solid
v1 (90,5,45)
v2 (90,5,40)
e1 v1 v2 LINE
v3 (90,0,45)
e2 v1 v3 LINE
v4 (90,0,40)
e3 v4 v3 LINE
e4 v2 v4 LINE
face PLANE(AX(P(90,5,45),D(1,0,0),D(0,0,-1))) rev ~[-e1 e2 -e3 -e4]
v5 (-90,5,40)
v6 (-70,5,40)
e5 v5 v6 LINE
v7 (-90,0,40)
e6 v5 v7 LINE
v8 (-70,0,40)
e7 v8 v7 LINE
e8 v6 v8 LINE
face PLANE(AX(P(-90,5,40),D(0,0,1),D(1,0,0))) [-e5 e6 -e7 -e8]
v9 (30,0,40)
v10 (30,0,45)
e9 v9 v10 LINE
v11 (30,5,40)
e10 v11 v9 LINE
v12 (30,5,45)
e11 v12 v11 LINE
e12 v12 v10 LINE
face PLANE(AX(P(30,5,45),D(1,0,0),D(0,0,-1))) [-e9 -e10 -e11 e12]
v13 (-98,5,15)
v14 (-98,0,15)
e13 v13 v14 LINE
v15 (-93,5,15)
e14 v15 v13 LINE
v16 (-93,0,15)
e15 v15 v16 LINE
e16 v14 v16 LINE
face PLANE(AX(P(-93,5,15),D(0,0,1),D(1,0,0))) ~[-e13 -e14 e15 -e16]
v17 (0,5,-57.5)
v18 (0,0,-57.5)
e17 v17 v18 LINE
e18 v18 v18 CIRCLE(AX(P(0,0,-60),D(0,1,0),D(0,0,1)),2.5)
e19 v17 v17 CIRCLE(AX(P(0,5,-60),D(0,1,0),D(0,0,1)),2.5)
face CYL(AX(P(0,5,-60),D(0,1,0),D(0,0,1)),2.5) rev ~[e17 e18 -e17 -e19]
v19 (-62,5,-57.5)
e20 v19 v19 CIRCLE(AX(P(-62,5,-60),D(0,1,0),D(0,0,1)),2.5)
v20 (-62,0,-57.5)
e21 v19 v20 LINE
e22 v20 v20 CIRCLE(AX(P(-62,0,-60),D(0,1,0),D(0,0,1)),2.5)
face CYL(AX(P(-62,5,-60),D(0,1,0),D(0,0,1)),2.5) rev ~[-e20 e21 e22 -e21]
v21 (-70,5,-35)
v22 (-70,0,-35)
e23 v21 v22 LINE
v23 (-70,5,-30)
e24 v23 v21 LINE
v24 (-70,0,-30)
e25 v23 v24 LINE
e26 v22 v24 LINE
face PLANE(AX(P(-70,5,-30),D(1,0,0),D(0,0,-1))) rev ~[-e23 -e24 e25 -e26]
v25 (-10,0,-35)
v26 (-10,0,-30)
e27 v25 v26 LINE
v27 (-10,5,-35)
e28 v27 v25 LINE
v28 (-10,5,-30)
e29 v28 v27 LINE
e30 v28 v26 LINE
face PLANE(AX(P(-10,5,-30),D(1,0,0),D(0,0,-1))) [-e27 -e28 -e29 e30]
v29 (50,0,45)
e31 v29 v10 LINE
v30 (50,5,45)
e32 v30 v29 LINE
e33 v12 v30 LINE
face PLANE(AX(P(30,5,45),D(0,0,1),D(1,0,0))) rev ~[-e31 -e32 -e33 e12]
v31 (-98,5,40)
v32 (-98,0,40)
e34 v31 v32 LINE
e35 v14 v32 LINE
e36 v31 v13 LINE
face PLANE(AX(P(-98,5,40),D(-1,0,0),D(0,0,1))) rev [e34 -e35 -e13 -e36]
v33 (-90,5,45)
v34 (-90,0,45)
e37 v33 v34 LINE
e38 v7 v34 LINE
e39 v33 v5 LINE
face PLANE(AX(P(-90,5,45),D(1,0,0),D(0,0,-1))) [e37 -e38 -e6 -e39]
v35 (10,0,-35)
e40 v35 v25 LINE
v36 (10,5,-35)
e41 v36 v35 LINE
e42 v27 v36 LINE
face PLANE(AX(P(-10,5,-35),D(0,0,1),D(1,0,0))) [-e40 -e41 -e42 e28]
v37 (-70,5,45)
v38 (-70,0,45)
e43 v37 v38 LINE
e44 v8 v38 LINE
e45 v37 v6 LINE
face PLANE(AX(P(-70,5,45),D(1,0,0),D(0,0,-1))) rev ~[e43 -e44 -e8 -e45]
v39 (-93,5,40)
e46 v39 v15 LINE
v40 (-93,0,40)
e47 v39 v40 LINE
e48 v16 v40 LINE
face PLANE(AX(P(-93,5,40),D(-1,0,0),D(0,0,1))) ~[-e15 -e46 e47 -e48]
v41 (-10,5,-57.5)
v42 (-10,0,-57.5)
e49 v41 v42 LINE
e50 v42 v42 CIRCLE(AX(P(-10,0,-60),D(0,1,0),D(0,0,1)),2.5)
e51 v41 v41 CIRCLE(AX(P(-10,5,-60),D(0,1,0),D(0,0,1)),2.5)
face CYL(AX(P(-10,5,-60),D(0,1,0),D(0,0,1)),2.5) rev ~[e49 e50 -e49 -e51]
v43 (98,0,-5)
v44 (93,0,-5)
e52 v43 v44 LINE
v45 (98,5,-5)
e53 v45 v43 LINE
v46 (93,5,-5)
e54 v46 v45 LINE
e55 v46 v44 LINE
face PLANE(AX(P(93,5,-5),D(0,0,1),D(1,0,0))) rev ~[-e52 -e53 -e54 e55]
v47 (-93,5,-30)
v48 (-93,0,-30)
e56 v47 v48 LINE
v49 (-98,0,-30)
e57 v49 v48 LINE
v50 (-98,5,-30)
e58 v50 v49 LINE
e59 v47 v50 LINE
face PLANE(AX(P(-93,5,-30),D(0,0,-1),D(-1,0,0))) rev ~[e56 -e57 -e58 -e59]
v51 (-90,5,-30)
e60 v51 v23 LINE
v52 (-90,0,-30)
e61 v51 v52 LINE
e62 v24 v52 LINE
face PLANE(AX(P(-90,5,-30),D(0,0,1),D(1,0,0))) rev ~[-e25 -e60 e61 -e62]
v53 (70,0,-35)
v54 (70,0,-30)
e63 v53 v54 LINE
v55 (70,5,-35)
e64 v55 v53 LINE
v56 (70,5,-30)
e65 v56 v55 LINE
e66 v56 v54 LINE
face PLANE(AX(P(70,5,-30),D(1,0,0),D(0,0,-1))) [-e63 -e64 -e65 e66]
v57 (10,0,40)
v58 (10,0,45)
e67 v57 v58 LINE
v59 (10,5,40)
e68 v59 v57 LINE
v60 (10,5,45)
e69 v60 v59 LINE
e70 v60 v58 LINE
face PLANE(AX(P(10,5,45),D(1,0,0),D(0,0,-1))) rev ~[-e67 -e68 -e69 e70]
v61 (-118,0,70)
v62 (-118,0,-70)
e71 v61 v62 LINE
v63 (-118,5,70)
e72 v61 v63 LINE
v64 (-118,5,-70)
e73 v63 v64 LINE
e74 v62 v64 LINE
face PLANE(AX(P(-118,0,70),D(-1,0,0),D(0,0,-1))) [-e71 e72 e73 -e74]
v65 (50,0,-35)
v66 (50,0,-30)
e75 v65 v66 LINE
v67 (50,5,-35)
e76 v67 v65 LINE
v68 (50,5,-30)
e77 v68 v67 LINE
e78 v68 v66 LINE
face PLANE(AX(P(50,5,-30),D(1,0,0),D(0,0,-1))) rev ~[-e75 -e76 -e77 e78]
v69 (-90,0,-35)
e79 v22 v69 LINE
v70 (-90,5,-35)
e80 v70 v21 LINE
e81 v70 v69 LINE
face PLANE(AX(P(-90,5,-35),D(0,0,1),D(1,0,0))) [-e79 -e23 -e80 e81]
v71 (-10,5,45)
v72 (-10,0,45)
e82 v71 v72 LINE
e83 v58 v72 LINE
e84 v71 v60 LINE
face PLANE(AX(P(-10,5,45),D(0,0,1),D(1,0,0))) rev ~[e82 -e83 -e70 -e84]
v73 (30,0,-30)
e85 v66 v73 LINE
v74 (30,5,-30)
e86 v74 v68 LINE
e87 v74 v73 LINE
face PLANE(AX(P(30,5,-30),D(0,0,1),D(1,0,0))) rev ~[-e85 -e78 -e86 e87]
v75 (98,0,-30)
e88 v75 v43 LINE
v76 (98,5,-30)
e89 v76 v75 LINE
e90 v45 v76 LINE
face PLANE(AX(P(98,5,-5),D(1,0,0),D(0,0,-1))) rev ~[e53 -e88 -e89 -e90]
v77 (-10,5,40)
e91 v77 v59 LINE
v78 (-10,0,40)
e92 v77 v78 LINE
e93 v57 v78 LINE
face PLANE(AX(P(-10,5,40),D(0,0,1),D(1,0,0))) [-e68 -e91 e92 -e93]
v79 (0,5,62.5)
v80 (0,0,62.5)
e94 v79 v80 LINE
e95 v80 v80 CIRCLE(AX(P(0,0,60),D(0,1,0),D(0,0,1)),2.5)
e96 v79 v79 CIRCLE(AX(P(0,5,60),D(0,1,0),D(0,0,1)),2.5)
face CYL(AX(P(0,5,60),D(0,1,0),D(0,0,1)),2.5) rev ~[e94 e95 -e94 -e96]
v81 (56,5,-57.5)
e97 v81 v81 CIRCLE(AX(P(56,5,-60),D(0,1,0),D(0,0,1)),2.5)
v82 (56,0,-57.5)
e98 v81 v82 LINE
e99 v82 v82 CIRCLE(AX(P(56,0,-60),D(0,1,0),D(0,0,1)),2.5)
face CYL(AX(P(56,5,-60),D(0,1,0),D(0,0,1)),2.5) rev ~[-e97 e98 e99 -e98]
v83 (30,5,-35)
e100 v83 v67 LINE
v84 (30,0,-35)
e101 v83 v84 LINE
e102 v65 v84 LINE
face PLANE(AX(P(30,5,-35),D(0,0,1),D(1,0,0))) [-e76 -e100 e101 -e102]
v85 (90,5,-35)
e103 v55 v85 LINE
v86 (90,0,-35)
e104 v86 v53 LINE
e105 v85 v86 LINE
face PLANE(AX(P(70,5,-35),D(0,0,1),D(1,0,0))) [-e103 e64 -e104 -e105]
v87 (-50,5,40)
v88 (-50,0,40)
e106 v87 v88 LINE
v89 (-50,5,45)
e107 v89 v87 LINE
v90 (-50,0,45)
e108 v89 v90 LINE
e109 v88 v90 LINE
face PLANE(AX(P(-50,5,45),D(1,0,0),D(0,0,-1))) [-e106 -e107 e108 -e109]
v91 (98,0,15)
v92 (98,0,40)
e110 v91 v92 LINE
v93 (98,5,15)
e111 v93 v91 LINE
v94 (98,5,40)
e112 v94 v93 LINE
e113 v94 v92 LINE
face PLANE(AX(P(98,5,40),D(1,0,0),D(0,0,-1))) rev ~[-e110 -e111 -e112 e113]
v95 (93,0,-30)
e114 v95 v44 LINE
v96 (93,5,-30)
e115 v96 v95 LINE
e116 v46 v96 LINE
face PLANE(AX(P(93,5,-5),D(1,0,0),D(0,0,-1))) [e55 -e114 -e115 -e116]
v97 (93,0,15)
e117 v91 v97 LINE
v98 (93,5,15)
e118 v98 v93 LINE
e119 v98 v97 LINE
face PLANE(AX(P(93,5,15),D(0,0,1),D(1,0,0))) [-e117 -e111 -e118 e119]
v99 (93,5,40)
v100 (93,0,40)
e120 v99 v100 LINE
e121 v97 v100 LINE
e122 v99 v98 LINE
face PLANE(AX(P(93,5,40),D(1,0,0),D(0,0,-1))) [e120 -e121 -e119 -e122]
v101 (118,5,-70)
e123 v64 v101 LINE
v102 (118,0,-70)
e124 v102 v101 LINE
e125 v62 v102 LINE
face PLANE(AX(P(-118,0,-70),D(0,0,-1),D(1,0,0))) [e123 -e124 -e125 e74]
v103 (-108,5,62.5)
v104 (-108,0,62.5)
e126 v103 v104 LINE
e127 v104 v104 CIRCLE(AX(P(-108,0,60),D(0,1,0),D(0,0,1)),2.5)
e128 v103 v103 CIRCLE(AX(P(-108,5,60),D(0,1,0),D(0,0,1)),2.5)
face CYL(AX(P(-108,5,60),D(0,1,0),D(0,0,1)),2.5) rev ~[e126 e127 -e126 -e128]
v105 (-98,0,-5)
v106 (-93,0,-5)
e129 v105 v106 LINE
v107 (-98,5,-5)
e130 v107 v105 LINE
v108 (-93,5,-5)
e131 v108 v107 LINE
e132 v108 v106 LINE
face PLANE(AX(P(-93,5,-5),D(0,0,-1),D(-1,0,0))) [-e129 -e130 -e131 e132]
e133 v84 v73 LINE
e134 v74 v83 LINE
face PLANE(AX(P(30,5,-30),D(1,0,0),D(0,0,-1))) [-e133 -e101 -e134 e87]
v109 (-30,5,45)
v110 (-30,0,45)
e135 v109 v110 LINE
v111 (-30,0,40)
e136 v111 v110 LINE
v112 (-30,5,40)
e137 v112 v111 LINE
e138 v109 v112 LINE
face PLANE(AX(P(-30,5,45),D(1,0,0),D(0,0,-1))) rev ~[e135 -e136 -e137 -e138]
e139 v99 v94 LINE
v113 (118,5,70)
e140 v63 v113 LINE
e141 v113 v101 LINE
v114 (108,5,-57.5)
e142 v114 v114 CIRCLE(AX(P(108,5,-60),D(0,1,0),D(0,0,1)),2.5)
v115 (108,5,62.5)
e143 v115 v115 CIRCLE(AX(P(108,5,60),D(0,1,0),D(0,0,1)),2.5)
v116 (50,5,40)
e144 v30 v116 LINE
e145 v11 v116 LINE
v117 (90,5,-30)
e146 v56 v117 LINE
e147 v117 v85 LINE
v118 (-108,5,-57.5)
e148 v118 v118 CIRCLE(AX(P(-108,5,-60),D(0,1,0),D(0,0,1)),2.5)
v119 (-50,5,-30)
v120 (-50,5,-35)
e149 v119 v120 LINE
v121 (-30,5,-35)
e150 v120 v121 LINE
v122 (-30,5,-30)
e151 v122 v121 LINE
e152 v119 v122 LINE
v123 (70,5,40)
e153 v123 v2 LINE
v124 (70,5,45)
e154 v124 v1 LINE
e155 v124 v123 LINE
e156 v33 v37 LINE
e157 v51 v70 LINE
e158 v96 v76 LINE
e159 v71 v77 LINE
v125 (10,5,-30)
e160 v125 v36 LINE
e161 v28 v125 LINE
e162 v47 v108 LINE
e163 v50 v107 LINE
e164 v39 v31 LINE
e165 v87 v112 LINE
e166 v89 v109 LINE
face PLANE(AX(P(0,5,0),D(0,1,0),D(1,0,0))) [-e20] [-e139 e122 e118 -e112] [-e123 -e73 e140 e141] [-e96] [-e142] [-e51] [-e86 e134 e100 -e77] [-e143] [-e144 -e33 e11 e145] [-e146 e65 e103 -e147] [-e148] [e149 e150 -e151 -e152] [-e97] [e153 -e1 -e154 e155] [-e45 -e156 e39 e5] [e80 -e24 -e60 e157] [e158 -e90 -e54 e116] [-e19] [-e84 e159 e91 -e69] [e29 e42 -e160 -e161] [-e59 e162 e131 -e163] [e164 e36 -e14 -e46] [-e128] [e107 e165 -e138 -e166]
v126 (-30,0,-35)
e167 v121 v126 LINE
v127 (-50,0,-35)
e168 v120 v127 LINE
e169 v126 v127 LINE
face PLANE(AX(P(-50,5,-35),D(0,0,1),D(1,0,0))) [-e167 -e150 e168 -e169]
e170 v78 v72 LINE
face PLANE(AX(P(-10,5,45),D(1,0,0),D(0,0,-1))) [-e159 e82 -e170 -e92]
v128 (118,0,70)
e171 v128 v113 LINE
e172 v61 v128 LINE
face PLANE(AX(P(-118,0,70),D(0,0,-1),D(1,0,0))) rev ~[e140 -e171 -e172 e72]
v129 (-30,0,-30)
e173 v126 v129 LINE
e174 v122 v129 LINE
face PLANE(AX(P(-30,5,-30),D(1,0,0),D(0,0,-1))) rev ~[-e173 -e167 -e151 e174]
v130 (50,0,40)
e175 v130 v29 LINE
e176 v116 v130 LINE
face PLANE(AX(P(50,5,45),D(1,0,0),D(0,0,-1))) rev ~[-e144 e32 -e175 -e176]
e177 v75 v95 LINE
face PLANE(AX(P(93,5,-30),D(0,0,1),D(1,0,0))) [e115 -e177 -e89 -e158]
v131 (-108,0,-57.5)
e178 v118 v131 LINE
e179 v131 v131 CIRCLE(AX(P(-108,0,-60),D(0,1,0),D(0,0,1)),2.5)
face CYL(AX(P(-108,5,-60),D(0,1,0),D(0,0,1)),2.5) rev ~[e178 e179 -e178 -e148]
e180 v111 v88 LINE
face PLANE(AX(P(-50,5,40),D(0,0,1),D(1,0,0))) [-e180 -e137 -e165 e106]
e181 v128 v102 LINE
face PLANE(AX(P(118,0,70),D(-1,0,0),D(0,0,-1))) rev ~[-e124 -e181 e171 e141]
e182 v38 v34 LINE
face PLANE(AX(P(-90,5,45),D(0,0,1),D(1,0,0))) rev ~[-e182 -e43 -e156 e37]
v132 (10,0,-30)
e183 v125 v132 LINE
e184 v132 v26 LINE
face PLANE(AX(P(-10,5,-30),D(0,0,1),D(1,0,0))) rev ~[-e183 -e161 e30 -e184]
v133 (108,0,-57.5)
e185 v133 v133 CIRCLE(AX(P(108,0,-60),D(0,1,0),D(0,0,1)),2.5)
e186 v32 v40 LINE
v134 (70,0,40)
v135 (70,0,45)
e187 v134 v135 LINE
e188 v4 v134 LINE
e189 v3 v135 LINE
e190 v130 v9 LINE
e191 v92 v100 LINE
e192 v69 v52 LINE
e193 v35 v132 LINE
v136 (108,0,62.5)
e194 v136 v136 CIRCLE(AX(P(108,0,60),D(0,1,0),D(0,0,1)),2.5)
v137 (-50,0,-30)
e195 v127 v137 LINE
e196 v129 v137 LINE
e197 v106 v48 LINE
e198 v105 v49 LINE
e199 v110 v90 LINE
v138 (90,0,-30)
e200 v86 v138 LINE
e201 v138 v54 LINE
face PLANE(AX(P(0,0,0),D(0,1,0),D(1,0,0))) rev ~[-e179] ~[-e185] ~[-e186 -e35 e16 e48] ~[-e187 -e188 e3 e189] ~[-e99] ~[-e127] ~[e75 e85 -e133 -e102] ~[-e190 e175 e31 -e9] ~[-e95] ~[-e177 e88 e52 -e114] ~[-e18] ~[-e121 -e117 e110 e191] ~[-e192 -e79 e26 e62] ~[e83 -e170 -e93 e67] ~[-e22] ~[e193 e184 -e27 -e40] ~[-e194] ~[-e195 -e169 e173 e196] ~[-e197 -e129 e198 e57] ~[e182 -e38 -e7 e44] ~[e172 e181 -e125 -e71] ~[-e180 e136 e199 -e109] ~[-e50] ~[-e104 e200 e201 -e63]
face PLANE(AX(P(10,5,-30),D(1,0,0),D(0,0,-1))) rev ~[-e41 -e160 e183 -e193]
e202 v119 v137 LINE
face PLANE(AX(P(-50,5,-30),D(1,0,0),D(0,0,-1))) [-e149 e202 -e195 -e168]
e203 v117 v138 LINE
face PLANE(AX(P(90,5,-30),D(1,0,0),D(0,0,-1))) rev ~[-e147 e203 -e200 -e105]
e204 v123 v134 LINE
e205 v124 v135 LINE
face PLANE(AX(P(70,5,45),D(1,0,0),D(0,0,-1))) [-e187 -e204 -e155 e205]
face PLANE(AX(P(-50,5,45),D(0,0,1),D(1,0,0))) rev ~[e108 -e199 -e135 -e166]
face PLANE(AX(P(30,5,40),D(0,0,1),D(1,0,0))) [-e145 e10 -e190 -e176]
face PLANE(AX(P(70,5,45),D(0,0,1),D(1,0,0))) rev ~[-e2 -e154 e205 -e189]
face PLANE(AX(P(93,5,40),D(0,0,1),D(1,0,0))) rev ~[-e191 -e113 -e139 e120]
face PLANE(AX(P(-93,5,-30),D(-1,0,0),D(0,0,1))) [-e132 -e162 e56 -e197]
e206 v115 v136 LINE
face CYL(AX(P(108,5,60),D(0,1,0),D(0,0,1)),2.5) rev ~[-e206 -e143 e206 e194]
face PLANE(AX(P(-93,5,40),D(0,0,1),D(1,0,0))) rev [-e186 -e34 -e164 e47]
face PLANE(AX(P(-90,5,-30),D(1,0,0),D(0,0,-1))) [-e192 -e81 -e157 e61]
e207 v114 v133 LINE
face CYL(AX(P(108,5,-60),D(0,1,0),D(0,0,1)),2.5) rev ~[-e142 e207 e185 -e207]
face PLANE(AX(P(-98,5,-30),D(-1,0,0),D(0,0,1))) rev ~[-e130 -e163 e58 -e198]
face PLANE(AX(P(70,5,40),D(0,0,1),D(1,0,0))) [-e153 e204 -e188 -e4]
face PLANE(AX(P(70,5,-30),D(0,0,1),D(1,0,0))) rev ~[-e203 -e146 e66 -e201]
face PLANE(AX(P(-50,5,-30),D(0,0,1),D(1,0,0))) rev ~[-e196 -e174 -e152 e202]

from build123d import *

# Parameters (mm, degrees)
SKETCH_1_W                       = 236
SKETCH_1_H                       = 140
EXTRUDE_1_DEPTH                  = 5
CUT_EXTRUDE_1_REACH              = 139.292
SKETCH_2_W                       = 20
SKETCH_2_H                       = 5
PATTERN_LINEAR_1_COUNT           = 3
PATTERN_LINEAR_1_PITCH           = 40
PATTERN_LINEAR_2_COUNT           = 3
PATTERN_LINEAR_2_PITCH           = 40
CUT_EXTRUDE_2_REACH              = 139.292
SKETCH_3_W                       = 5
SKETCH_3_H                       = 25
PATTERN_LINEAR_6_COUNT           = 2
PATTERN_LINEAR_6_PITCH           = 75
PATTERN_LINEAR_6_COPY_1_REACH    = 139.292
PATTERN_LINEAR_6_COPY_1_SKETCH_W = 20
PATTERN_LINEAR_6_COPY_1_SKETCH_H = 5
PATTERN_LINEAR_6_COPY_2_REACH    = 139.292
PATTERN_LINEAR_6_COPY_2_SKETCH_W = 20
PATTERN_LINEAR_6_COPY_2_SKETCH_H = 5
PATTERN_LINEAR_6_COPY_3_REACH    = 139.292
PATTERN_LINEAR_6_COPY_3_SKETCH_W = 20
PATTERN_LINEAR_6_COPY_3_SKETCH_H = 5
PATTERN_LINEAR_6_COPY_4_REACH    = 139.292
PATTERN_LINEAR_6_COPY_4_SKETCH_W = 20
PATTERN_LINEAR_6_COPY_4_SKETCH_H = 5
PATTERN_LINEAR_7_COUNT           = 2
PATTERN_LINEAR_7_PITCH           = 45
PATTERN_LINEAR_7_COPY_1_REACH    = 139.292
PATTERN_LINEAR_7_COPY_1_SKETCH_W = 5
PATTERN_LINEAR_7_COPY_1_SKETCH_H = 25
SKETCH_4_R                       = 2.5
CUT_EXTRUDE_3_DEPTH              = 10


with BuildPart() as part:
    # 스케치1 → 보스-돌출1 (new body)
    with BuildSketch(Plane(origin=(0, 0, 0), x_dir=(1, 0, 0), z_dir=(0, 1, 0))):
        Rectangle(SKETCH_1_W, SKETCH_1_H)
    extrude(amount=EXTRUDE_1_DEPTH)

    # 스케치2 → 컷-돌출1 (cut, up to next)
    with BuildSketch(Plane(origin=(0, 5, 0), x_dir=(1, 0, 0), z_dir=(0, 1, 0)), mode=Mode.PRIVATE) as cut_extrude_1_sk1:
        with Locations((0, -42.5)):
            Rectangle(SKETCH_2_W, SKETCH_2_H)
    cut_extrude_1_tool1 = extrude(cut_extrude_1_sk1.sketch, amount=-CUT_EXTRUDE_1_REACH, mode=Mode.PRIVATE) & part.part
    cut_extrude_1 = cut_extrude_1_tool1.solids().sort_by_distance((0, 5, 42.5))[0]
    add(cut_extrude_1, mode=Mode.SUBTRACT)

    # 선형 패턴1: 컷-돌출1 ×3
    with Locations(*[(i * PATTERN_LINEAR_1_PITCH, 0, 0) for i in range(1, PATTERN_LINEAR_1_COUNT)]):
        add(cut_extrude_1, mode=Mode.SUBTRACT)

    # 선형 패턴2: 컷-돌출1 ×3
    with Locations(*[(-i * PATTERN_LINEAR_2_PITCH, 0, 0) for i in range(1, PATTERN_LINEAR_2_COUNT)]):
        add(cut_extrude_1, mode=Mode.SUBTRACT)

    # 스케치3 → 컷-돌출2 (cut, up to next)
    with BuildSketch(Plane(origin=(0, 5, 0), x_dir=(1, 0, 0), z_dir=(0, 1, 0)), mode=Mode.PRIVATE) as cut_extrude_2_sk1:
        with Locations((95.5, -27.5)):
            Rectangle(SKETCH_3_W, SKETCH_3_H)
    cut_extrude_2_tool1 = extrude(cut_extrude_2_sk1.sketch, amount=-CUT_EXTRUDE_2_REACH, mode=Mode.PRIVATE) & part.part
    cut_extrude_2 = cut_extrude_2_tool1.solids().sort_by_distance((95.5, 5, 27.5))[0]
    add(cut_extrude_2, mode=Mode.SUBTRACT)

    # 대칭 복사3: 컷-돌출2 across plane
    add(cut_extrude_2.mirror(Plane(origin=(0, 0, 0), x_dir=(0, 0, 1), z_dir=(1, 0, 0))), mode=Mode.SUBTRACT)

    # 선형 패턴6: 컷-돌출1 ×2
    with Locations(*[(0, 0, -i * PATTERN_LINEAR_6_PITCH) for i in range(1, PATTERN_LINEAR_6_COUNT)]):
        add(cut_extrude_1, mode=Mode.SUBTRACT)

    # 선형 패턴6 copy 1 sketch → 선형 패턴6 copy 1 (cut, up to next)
    with BuildSketch(Plane(origin=(40, 5, -75), x_dir=(1, 0, 0), z_dir=(0, 1, 0)), mode=Mode.PRIVATE) as pattern_linear_6_copy_1_sk1:
        with Locations((0, -42.5)):
            Rectangle(PATTERN_LINEAR_6_COPY_1_SKETCH_W, PATTERN_LINEAR_6_COPY_1_SKETCH_H)
    pattern_linear_6_copy_1_tool1 = extrude(pattern_linear_6_copy_1_sk1.sketch, amount=-PATTERN_LINEAR_6_COPY_1_REACH, mode=Mode.PRIVATE) & part.part
    add(pattern_linear_6_copy_1_tool1.solids().sort_by_distance((40, 5, -32.5))[0], mode=Mode.SUBTRACT)

    # 선형 패턴6 copy 2 sketch → 선형 패턴6 copy 2 (cut, up to next)
    with BuildSketch(Plane(origin=(80, 5, -75), x_dir=(1, 0, 0), z_dir=(0, 1, 0)), mode=Mode.PRIVATE) as pattern_linear_6_copy_2_sk1:
        with Locations((0, -42.5)):
            Rectangle(PATTERN_LINEAR_6_COPY_2_SKETCH_W, PATTERN_LINEAR_6_COPY_2_SKETCH_H)
    pattern_linear_6_copy_2_tool1 = extrude(pattern_linear_6_copy_2_sk1.sketch, amount=-PATTERN_LINEAR_6_COPY_2_REACH, mode=Mode.PRIVATE) & part.part
    add(pattern_linear_6_copy_2_tool1.solids().sort_by_distance((80, 5, -32.5))[0], mode=Mode.SUBTRACT)

    # 선형 패턴6 copy 3 sketch → 선형 패턴6 copy 3 (cut, up to next)
    with BuildSketch(Plane(origin=(-40, 5, -75), x_dir=(1, 0, 0), z_dir=(0, 1, 0)), mode=Mode.PRIVATE) as pattern_linear_6_copy_3_sk1:
        with Locations((0, -42.5)):
            Rectangle(PATTERN_LINEAR_6_COPY_3_SKETCH_W, PATTERN_LINEAR_6_COPY_3_SKETCH_H)
    pattern_linear_6_copy_3_tool1 = extrude(pattern_linear_6_copy_3_sk1.sketch, amount=-PATTERN_LINEAR_6_COPY_3_REACH, mode=Mode.PRIVATE) & part.part
    add(pattern_linear_6_copy_3_tool1.solids().sort_by_distance((-40, 5, -32.5))[0], mode=Mode.SUBTRACT)

    # 선형 패턴6 copy 4 sketch → 선형 패턴6 copy 4 (cut, up to next)
    with BuildSketch(Plane(origin=(-80, 5, -75), x_dir=(1, 0, 0), z_dir=(0, 1, 0)), mode=Mode.PRIVATE) as pattern_linear_6_copy_4_sk1:
        with Locations((0, -42.5)):
            Rectangle(PATTERN_LINEAR_6_COPY_4_SKETCH_W, PATTERN_LINEAR_6_COPY_4_SKETCH_H)
    pattern_linear_6_copy_4_tool1 = extrude(pattern_linear_6_copy_4_sk1.sketch, amount=-PATTERN_LINEAR_6_COPY_4_REACH, mode=Mode.PRIVATE) & part.part
    add(pattern_linear_6_copy_4_tool1.solids().sort_by_distance((-80, 5, -32.5))[0], mode=Mode.SUBTRACT)

    # 선형 패턴7: 컷-돌출2 ×2
    with Locations(*[(0, 0, -i * PATTERN_LINEAR_7_PITCH) for i in range(1, PATTERN_LINEAR_7_COUNT)]):
        add(cut_extrude_2, mode=Mode.SUBTRACT)

    # 선형 패턴7 copy 1 sketch → 선형 패턴7 copy 1 (cut, up to next)
    with BuildSketch(Plane(origin=(0, 5, -45), x_dir=(-1, 0, 0), z_dir=(0, 1, 0)), mode=Mode.PRIVATE) as pattern_linear_7_copy_1_sk1:
        with Locations((95.5, 27.5)):
            Rectangle(PATTERN_LINEAR_7_COPY_1_SKETCH_W, PATTERN_LINEAR_7_COPY_1_SKETCH_H)
    pattern_linear_7_copy_1_tool1 = extrude(pattern_linear_7_copy_1_sk1.sketch, amount=-PATTERN_LINEAR_7_COPY_1_REACH, mode=Mode.PRIVATE) & part.part
    add(pattern_linear_7_copy_1_tool1.solids().sort_by_distance((-95.5, 5, -17.5))[0], mode=Mode.SUBTRACT)

    # 스케치4 → 컷-돌출3 (cut)
    with BuildSketch(Plane(origin=(0, 5, 0), x_dir=(1, 0, 0), z_dir=(0, 1, 0))):
        with Locations(Location((-108, 60, 0), (0, 0, 270))):
            Circle(SKETCH_4_R)
        with Locations(Location((108, -60, 0), (0, 0, 270))):
            Circle(SKETCH_4_R)
        with Locations(Location((-108, -60, 0), (0, 0, 270))):
            Circle(SKETCH_4_R)
        with Locations(Location((108, 60, 0), (0, 0, 270))):
            Circle(SKETCH_4_R)
        with Locations(Location((0, 60, 0), (0, 0, 270))):
            Circle(SKETCH_4_R)
        with Locations(Location((0, -60, 0), (0, 0, 270))):
            Circle(SKETCH_4_R)
        with Locations(Location((-62, 60, 0), (0, 0, 270))):
            Circle(SKETCH_4_R)
        with Locations(Location((56, 60, 0), (0, 0, 270))):
            Circle(SKETCH_4_R)
        with Locations(Location((-10, 60, 0), (0, 0, 270))):
            Circle(SKETCH_4_R)
    extrude(amount=-CUT_EXTRUDE_3_DEPTH, mode=Mode.SUBTRACT)


solid = part.part
